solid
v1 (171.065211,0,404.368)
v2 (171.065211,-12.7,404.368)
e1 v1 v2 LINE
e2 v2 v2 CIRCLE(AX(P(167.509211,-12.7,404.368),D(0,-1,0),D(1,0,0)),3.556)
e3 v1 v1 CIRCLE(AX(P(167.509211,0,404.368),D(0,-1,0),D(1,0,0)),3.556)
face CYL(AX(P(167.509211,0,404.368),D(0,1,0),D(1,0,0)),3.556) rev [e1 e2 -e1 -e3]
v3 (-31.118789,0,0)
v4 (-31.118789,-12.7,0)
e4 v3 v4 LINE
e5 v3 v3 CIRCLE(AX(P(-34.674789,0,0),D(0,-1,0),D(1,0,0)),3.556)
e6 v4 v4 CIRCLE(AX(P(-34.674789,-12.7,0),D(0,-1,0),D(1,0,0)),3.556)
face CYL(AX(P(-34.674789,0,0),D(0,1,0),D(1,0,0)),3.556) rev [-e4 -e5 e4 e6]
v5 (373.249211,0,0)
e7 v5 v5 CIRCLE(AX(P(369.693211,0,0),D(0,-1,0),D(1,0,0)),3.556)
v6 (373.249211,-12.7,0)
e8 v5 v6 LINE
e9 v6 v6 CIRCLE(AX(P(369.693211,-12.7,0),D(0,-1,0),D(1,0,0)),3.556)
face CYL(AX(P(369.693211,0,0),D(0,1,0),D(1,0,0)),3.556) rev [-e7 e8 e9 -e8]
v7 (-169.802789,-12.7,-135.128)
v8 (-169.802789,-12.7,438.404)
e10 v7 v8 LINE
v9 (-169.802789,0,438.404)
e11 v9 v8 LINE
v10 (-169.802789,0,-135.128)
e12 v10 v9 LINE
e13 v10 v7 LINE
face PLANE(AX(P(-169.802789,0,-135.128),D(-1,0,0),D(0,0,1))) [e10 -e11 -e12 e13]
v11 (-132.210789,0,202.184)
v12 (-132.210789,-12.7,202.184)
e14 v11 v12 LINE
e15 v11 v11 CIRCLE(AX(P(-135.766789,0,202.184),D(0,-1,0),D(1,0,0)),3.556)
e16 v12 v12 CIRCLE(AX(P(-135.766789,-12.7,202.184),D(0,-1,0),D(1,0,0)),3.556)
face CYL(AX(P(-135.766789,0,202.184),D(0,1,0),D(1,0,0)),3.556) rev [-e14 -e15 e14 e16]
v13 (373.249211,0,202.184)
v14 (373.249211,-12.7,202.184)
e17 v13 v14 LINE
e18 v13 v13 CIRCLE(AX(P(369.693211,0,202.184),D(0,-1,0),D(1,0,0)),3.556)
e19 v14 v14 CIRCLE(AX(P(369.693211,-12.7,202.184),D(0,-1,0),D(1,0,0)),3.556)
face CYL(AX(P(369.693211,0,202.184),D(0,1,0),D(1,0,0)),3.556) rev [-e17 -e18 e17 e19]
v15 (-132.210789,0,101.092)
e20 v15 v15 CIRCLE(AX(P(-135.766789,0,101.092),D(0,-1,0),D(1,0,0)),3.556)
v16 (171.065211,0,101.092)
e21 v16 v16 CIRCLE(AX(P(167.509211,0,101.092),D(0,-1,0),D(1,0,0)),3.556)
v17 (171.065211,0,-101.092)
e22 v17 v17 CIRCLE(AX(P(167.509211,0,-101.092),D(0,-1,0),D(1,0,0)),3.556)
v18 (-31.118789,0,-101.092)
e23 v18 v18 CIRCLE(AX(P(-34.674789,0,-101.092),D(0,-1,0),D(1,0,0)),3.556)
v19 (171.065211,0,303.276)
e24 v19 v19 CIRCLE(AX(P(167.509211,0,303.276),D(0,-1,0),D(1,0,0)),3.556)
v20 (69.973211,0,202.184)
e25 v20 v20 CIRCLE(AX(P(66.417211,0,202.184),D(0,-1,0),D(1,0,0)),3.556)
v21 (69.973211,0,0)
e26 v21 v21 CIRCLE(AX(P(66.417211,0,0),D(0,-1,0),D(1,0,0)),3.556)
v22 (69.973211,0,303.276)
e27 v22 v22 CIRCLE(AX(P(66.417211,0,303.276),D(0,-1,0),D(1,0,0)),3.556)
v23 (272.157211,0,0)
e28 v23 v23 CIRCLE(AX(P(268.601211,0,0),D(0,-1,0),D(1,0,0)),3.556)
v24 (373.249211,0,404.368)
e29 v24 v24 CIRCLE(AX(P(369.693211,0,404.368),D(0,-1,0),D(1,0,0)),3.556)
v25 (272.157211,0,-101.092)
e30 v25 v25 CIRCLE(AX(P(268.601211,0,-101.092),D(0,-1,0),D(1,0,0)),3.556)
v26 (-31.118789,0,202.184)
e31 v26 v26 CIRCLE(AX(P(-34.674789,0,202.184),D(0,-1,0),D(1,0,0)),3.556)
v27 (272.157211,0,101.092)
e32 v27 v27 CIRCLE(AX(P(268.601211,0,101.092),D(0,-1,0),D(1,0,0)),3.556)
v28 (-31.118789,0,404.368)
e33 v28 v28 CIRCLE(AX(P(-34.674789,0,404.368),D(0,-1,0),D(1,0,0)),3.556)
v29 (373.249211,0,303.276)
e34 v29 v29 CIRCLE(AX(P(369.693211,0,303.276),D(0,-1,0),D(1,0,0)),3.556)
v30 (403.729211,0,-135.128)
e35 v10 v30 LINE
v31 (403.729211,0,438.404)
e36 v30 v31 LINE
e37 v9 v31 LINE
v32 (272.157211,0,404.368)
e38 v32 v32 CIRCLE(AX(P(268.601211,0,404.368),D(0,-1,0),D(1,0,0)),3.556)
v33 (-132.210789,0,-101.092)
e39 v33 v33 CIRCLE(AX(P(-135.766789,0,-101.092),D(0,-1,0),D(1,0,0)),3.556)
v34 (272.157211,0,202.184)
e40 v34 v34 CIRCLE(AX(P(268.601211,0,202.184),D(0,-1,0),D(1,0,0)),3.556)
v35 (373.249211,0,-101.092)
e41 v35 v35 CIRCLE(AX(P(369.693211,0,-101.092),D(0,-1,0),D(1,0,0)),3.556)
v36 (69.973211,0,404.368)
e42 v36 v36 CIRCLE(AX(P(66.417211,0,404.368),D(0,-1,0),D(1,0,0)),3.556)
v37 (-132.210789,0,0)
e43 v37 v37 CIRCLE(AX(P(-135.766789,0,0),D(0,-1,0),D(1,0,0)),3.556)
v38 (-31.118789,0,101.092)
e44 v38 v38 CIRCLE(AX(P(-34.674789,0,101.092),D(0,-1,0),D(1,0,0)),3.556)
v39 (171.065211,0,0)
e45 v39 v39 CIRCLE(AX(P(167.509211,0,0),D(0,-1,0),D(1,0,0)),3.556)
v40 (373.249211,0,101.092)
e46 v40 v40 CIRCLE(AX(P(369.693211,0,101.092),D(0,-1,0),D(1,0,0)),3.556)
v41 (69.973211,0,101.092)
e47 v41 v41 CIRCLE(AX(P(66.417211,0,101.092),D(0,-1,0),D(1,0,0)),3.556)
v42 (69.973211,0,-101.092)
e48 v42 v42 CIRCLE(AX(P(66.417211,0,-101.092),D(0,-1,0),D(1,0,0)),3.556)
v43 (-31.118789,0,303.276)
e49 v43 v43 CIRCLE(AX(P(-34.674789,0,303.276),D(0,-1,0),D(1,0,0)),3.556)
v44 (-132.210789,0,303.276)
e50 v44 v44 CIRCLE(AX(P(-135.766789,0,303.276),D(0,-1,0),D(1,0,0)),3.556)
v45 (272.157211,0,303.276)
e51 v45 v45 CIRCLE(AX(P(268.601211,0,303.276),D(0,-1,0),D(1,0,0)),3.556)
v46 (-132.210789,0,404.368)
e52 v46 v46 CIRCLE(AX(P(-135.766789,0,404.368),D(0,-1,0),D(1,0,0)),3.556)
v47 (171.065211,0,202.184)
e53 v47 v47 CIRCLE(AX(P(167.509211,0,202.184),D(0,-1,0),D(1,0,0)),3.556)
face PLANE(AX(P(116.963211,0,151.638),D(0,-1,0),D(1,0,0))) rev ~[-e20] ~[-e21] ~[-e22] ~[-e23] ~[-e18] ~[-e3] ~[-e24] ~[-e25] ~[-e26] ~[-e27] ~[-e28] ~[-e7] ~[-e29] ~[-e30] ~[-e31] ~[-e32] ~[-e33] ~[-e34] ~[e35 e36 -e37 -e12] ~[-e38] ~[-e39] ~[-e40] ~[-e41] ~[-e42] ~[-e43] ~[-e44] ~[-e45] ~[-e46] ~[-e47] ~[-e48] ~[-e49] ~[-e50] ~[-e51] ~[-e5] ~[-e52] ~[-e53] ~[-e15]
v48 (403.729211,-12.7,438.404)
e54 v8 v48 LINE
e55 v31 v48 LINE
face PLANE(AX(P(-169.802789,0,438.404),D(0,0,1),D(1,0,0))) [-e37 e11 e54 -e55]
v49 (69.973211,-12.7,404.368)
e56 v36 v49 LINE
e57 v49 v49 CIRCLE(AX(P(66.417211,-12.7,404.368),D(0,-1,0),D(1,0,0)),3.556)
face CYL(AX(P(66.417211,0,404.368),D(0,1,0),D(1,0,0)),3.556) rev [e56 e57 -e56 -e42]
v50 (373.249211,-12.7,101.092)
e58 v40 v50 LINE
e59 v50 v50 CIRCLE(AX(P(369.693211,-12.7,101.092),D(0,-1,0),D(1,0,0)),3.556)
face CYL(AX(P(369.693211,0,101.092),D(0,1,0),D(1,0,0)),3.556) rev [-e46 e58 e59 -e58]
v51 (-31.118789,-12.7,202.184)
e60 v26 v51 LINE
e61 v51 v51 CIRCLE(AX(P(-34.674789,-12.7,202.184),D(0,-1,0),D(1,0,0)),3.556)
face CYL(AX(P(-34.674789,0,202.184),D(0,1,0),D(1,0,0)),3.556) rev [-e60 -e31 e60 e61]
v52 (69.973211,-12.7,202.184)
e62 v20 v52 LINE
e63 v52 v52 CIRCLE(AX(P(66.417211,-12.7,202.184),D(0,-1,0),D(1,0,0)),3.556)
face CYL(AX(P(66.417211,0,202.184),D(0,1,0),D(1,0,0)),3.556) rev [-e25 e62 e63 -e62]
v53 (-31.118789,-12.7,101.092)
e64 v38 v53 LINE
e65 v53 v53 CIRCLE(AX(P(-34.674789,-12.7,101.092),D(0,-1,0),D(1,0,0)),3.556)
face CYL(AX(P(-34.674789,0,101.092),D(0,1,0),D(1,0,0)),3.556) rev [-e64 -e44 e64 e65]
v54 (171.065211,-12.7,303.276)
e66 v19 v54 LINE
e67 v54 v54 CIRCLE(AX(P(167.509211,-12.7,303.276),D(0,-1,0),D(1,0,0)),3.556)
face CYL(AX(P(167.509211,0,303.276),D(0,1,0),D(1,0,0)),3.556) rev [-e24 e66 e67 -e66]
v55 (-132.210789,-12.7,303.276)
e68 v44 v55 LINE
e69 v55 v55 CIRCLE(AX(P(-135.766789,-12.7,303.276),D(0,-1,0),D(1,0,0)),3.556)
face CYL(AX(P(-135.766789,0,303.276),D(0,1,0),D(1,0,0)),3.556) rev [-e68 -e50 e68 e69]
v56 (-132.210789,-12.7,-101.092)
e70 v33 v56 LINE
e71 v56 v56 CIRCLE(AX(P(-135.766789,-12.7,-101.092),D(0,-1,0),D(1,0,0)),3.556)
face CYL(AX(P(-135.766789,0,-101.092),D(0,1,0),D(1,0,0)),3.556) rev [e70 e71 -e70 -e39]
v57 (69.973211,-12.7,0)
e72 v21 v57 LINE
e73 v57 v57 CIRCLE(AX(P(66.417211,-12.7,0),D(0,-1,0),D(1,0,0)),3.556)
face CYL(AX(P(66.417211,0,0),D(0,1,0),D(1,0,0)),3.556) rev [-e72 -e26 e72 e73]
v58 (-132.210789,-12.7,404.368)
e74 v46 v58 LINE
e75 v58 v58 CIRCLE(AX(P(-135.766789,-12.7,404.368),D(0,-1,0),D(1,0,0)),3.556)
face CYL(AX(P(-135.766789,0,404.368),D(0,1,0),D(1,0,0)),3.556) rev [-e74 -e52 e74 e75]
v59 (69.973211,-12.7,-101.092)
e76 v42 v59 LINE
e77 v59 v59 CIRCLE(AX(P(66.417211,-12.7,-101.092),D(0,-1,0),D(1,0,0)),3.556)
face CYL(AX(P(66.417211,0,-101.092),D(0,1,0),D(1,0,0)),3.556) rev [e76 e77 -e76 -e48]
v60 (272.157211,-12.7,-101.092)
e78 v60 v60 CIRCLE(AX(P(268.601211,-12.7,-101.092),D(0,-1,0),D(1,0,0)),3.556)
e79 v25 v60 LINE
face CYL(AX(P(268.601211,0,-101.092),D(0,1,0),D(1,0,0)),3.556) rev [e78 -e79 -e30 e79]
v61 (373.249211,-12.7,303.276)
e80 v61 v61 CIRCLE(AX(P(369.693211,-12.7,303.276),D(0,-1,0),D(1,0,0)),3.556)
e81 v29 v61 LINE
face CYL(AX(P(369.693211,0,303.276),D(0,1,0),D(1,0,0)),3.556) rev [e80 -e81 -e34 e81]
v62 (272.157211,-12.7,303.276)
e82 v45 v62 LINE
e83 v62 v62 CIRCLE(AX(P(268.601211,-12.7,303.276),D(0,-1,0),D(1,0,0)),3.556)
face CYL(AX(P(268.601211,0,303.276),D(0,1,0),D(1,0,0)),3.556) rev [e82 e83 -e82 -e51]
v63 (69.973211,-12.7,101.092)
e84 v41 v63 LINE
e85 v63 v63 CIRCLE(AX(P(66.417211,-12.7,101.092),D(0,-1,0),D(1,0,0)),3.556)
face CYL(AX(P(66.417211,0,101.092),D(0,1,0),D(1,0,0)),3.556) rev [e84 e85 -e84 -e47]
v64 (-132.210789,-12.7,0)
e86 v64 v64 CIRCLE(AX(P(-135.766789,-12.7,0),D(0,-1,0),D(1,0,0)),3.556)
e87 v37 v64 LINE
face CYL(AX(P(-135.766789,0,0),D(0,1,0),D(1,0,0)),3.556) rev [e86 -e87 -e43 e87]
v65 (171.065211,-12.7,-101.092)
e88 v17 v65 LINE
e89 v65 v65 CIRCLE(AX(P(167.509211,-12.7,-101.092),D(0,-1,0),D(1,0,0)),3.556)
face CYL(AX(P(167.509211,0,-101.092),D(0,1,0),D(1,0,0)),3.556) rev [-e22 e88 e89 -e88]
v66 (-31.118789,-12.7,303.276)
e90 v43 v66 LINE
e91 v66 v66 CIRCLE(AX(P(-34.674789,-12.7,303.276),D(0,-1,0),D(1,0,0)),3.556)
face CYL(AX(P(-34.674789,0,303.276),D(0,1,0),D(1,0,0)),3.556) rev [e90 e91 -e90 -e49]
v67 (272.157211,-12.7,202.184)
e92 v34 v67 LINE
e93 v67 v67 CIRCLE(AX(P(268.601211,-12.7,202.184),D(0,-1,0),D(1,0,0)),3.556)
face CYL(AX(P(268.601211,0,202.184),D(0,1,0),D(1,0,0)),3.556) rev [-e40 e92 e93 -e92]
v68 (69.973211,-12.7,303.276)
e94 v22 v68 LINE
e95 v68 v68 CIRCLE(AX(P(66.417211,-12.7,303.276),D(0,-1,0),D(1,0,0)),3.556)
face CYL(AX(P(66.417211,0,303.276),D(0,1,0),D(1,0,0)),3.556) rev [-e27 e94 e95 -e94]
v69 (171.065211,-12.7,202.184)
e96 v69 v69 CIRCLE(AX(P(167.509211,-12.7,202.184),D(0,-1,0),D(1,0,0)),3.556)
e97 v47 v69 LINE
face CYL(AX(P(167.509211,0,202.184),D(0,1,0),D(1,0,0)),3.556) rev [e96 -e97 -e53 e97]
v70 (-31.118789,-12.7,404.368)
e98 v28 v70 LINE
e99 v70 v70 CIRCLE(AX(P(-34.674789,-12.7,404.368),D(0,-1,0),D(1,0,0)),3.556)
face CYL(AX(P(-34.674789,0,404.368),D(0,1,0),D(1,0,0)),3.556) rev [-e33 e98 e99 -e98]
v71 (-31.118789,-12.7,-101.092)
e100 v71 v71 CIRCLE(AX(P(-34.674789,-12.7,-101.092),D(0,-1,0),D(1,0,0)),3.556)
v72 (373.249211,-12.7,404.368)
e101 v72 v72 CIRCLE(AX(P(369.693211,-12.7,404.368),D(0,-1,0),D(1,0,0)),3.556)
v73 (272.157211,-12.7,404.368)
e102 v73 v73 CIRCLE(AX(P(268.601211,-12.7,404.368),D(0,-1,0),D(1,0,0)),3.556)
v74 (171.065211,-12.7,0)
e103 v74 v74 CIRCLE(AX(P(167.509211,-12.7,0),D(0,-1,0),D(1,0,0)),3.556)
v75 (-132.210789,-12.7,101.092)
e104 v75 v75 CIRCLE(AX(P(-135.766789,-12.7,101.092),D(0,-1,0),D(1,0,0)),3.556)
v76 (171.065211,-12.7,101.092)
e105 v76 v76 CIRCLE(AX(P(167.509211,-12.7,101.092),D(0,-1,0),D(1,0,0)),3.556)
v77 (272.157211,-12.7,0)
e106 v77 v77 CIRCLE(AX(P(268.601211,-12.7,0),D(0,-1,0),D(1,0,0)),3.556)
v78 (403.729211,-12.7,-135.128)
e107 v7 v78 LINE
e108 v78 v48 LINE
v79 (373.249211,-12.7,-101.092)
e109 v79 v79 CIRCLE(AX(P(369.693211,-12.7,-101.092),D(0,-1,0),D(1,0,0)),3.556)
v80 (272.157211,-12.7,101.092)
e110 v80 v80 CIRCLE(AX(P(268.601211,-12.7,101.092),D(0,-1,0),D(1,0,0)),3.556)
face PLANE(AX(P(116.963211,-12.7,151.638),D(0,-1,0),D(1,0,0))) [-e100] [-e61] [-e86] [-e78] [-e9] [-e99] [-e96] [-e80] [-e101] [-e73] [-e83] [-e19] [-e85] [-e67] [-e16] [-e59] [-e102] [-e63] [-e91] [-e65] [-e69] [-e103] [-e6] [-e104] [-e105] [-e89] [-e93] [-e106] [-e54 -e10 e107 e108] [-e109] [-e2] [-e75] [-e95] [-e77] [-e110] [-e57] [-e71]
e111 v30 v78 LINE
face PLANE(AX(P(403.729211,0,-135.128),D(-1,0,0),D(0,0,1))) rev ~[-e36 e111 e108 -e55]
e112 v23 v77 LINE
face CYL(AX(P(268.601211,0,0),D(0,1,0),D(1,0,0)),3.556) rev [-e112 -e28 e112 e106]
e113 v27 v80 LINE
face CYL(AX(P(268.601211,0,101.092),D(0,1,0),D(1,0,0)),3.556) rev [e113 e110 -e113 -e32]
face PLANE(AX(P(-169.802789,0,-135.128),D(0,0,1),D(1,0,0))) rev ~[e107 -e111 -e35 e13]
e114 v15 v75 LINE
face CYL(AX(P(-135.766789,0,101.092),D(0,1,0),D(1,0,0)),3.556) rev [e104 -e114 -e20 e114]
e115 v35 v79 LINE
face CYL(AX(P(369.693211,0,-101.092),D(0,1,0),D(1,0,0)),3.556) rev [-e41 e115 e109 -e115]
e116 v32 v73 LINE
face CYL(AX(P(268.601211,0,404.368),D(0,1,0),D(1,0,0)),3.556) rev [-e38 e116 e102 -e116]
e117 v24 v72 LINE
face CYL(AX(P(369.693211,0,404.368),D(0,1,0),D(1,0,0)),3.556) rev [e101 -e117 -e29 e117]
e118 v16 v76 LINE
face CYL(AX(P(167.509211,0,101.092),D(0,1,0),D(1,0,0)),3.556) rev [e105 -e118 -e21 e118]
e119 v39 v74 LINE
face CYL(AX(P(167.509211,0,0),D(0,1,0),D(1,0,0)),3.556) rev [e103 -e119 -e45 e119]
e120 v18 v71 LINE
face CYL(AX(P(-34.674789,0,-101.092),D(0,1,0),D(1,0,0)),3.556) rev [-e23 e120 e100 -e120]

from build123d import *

# Parameters (mm, degrees)
F0_W     = 573.532
F0_H     = 573.532
F0_R     = 3.556
F1_DEPTH = 12.7


with BuildPart() as f1:
    # F0 (on Front) → F1 (new body)
    with BuildSketch(Plane.XZ):
        with Locations((116.963211, 151.638)):
            Rectangle(F0_W, F0_H)
        with Locations((-135.766789, -101.092)):
            Circle(F0_R, mode=Mode.SUBTRACT)
        with Locations((-34.674789, -101.092)):
            Circle(F0_R, mode=Mode.SUBTRACT)
        with Locations((-135.766789, 0)):
            Circle(F0_R, mode=Mode.SUBTRACT)
        with Locations((-34.674789, 0)):
            Circle(F0_R, mode=Mode.SUBTRACT)
        with Locations((66.417211, -101.092)):
            Circle(F0_R, mode=Mode.SUBTRACT)
        with Locations((66.417211, 0)):
            Circle(F0_R, mode=Mode.SUBTRACT)
        with Locations((-135.766789, 101.092)):
            Circle(F0_R, mode=Mode.SUBTRACT)
        with Locations((-34.674789, 101.092)):
            Circle(F0_R, mode=Mode.SUBTRACT)
        with Locations((66.417211, 101.092)):
            Circle(F0_R, mode=Mode.SUBTRACT)
        with Locations((167.509211, -101.092)):
            Circle(F0_R, mode=Mode.SUBTRACT)
        with Locations((167.509211, 0)):
            Circle(F0_R, mode=Mode.SUBTRACT)
        with Locations((268.601211, -101.092)):
            Circle(F0_R, mode=Mode.SUBTRACT)
        with Locations((369.693211, -101.092)):
            Circle(F0_R, mode=Mode.SUBTRACT)
        with Locations((268.601211, 0)):
            Circle(F0_R, mode=Mode.SUBTRACT)
        with Locations((369.693211, 0)):
            Circle(F0_R, mode=Mode.SUBTRACT)
        with Locations((167.509211, 101.092)):
            Circle(F0_R, mode=Mode.SUBTRACT)
        with Locations((268.601211, 101.092)):
            Circle(F0_R, mode=Mode.SUBTRACT)
        with Locations((369.693211, 101.092)):
            Circle(F0_R, mode=Mode.SUBTRACT)
        with Locations((-135.766789, 202.184)):
            Circle(F0_R, mode=Mode.SUBTRACT)
        with Locations((-34.674789, 202.184)):
            Circle(F0_R, mode=Mode.SUBTRACT)
        with Locations((66.417211, 202.184)):
            Circle(F0_R, mode=Mode.SUBTRACT)
        with Locations((-135.766789, 303.276)):
            Circle(F0_R, mode=Mode.SUBTRACT)
        with Locations((-34.674789, 303.276)):
            Circle(F0_R, mode=Mode.SUBTRACT)
        with Locations((-135.766789, 404.368)):
            Circle(F0_R, mode=Mode.SUBTRACT)
        with Locations((-34.674789, 404.368)):
            Circle(F0_R, mode=Mode.SUBTRACT)
        with Locations((66.417211, 303.276)):
            Circle(F0_R, mode=Mode.SUBTRACT)
        with Locations((66.417211, 404.368)):
            Circle(F0_R, mode=Mode.SUBTRACT)
        with Locations((167.509211, 202.184)):
            Circle(F0_R, mode=Mode.SUBTRACT)
        with Locations((268.601211, 202.184)):
            Circle(F0_R, mode=Mode.SUBTRACT)
        with Locations((369.693211, 202.184)):
            Circle(F0_R, mode=Mode.SUBTRACT)
        with Locations((167.509211, 303.276)):
            Circle(F0_R, mode=Mode.SUBTRACT)
        with Locations((167.509211, 404.368)):
            Circle(F0_R, mode=Mode.SUBTRACT)
        with Locations((268.601211, 303.276)):
            Circle(F0_R, mode=Mode.SUBTRACT)
        with Locations((369.693211, 303.276)):
            Circle(F0_R, mode=Mode.SUBTRACT)
        with Locations((268.601211, 404.368)):
            Circle(F0_R, mode=Mode.SUBTRACT)
        with Locations((369.693211, 404.368)):
            Circle(F0_R, mode=Mode.SUBTRACT)
    extrude(amount=F1_DEPTH)


solid = f1.part
